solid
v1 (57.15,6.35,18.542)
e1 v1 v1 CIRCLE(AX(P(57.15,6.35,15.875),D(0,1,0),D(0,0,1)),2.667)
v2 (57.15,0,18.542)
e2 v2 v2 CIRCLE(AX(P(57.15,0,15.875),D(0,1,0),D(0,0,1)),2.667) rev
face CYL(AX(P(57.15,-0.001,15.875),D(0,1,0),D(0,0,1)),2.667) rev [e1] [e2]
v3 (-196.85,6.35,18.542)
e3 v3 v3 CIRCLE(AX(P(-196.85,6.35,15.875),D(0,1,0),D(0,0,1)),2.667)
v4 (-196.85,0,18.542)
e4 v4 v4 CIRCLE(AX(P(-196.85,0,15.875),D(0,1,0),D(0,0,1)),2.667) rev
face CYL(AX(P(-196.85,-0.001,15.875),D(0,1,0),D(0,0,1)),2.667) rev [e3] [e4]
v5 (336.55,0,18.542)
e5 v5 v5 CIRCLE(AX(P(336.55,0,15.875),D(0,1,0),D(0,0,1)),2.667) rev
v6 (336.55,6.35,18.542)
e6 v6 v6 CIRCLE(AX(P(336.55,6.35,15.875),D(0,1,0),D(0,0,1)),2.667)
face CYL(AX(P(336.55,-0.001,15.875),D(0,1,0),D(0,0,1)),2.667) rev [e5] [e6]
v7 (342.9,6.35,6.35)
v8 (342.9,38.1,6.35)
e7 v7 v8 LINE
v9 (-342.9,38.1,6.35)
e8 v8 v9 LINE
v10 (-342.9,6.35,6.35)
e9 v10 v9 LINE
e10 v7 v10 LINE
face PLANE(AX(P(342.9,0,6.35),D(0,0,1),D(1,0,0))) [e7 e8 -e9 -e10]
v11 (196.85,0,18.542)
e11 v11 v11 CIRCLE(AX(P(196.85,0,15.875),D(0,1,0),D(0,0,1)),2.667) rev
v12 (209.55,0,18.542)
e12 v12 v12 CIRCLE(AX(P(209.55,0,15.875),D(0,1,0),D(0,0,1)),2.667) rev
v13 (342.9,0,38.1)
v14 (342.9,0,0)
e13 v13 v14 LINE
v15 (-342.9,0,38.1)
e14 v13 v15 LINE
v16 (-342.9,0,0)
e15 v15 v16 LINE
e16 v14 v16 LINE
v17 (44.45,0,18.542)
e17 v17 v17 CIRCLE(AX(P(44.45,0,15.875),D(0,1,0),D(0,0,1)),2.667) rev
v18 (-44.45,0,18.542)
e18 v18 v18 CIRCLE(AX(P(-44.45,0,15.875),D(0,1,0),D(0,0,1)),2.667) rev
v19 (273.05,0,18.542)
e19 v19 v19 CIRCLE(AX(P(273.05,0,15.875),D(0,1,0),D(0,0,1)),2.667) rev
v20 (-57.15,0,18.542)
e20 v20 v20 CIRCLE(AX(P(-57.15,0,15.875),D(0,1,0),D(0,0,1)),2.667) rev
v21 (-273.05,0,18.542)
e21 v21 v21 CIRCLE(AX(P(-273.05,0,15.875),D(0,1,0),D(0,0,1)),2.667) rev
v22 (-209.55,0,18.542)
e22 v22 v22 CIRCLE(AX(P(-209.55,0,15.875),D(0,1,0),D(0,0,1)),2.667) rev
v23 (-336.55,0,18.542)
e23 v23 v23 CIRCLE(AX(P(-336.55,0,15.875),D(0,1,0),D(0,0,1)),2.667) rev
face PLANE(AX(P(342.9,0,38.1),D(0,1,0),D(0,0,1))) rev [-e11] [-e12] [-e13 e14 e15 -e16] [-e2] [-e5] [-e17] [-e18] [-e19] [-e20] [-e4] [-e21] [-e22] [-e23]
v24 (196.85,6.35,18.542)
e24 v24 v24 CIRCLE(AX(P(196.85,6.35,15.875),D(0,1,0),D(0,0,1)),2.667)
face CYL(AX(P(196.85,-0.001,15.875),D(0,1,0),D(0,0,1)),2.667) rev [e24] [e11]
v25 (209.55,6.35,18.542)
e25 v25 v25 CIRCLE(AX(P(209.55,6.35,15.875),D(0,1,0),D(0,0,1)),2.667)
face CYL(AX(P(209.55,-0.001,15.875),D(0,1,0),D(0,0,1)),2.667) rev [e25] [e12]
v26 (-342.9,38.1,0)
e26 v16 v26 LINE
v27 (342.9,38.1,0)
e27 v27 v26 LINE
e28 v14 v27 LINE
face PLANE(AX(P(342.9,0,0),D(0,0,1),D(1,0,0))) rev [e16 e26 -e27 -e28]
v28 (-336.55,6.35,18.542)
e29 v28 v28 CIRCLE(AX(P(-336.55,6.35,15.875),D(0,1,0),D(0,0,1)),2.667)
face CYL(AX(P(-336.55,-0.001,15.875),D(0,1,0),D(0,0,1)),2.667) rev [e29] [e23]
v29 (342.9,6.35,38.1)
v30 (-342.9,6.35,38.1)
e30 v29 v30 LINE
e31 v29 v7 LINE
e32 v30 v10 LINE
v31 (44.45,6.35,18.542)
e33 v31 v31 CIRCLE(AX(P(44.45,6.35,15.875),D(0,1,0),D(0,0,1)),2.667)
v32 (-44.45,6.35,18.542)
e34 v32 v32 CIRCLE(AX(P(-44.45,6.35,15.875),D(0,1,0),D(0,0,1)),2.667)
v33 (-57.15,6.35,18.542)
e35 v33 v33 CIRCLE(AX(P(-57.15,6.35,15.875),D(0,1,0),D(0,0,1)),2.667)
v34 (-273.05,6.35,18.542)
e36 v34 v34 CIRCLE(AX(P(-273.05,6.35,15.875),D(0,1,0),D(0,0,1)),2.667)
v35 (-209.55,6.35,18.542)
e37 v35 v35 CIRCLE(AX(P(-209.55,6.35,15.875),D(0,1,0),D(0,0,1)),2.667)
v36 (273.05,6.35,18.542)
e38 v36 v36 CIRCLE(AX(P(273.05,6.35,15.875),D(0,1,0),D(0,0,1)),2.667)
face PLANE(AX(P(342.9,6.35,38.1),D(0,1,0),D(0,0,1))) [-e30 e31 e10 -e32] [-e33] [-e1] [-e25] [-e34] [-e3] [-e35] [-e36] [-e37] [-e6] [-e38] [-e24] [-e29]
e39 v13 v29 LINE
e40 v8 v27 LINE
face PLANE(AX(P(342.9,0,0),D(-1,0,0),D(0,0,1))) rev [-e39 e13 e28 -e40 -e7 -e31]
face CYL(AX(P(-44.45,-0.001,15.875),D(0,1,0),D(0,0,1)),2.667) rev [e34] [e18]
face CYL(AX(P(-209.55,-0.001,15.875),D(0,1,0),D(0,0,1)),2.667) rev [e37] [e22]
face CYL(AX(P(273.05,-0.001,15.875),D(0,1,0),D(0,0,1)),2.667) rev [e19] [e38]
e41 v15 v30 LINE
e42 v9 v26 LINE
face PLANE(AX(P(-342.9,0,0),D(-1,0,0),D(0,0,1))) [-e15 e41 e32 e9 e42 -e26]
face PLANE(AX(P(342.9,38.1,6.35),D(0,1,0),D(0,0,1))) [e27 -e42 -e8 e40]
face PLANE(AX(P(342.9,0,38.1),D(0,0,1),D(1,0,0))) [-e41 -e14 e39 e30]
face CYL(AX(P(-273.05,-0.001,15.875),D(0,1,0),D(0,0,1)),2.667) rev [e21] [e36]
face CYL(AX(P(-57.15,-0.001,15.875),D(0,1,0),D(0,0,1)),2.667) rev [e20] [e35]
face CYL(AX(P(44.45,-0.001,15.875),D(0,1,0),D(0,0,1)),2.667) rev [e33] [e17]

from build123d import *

# Parameters (mm, degrees)
EXTRUDE_THIN1_DEPTH = 342.9
CUT_EXTRUDE4_REACH  = 348.468
SKETCH2_R           = 2.667


with BuildPart() as part:
    # Sketch1 → Extrude-Thin1 (new, symmetric)
    with BuildSketch(Plane(origin=(0, 0, 0), x_dir=(0, 0, -1), z_dir=(1, 0, 0))):
        Polygon((-38.1, 0), (0, 0), (0, 38.1), (-6.35, 38.1), (-6.35, 6.35), (-38.1, 6.35), align=None)
    extrude(amount=EXTRUDE_THIN1_DEPTH, both=True)

    # Sketch2 → Cut-Extrude4 (cut, up to next)
    with BuildSketch(Plane(origin=(0, 6.35, 0), x_dir=(1, 0, 0), z_dir=(0, 1, 0)), mode=Mode.PRIVATE) as cut_extrude4_sk1:
        with Locations(Location((-336.55, -15.875, 0), (0, 0, 270))):
            Circle(SKETCH2_R)
    cut_extrude4_tool1 = extrude(cut_extrude4_sk1.sketch, amount=-CUT_EXTRUDE4_REACH, mode=Mode.PRIVATE) & part.part
    # Sketch2 → Cut-Extrude4 (cut, up to next)
    with BuildSketch(Plane(origin=(0, 6.35, 0), x_dir=(1, 0, 0), z_dir=(0, 1, 0)), mode=Mode.PRIVATE) as cut_extrude4_sk2:
        with Locations(Location((-273.05, -15.875, 0), (0, 0, 270))):
            Circle(SKETCH2_R)
    cut_extrude4_tool2 = extrude(cut_extrude4_sk2.sketch, amount=-CUT_EXTRUDE4_REACH, mode=Mode.PRIVATE) & part.part
    # Sketch2 → Cut-Extrude4 (cut, up to next)
    with BuildSketch(Plane(origin=(0, 6.35, 0), x_dir=(1, 0, 0), z_dir=(0, 1, 0)), mode=Mode.PRIVATE) as cut_extrude4_sk3:
        with Locations(Location((-209.55, -15.875, 0), (0, 0, 270))):
            Circle(SKETCH2_R)
    cut_extrude4_tool3 = extrude(cut_extrude4_sk3.sketch, amount=-CUT_EXTRUDE4_REACH, mode=Mode.PRIVATE) & part.part
    # Sketch2 → Cut-Extrude4 (cut, up to next)
    with BuildSketch(Plane(origin=(0, 6.35, 0), x_dir=(1, 0, 0), z_dir=(0, 1, 0)), mode=Mode.PRIVATE) as cut_extrude4_sk4:
        with Locations(Location((-196.85, -15.875, 0), (0, 0, 270))):
            Circle(SKETCH2_R)
    cut_extrude4_tool4 = extrude(cut_extrude4_sk4.sketch, amount=-CUT_EXTRUDE4_REACH, mode=Mode.PRIVATE) & part.part
    # Sketch2 → Cut-Extrude4 (cut, up to next)
    with BuildSketch(Plane(origin=(0, 6.35, 0), x_dir=(1, 0, 0), z_dir=(0, 1, 0)), mode=Mode.PRIVATE) as cut_extrude4_sk5:
        with Locations(Location((-57.15, -15.875, 0), (0, 0, 270))):
            Circle(SKETCH2_R)
    cut_extrude4_tool5 = extrude(cut_extrude4_sk5.sketch, amount=-CUT_EXTRUDE4_REACH, mode=Mode.PRIVATE) & part.part
    # Sketch2 → Cut-Extrude4 (cut, up to next)
    with BuildSketch(Plane(origin=(0, 6.35, 0), x_dir=(1, 0, 0), z_dir=(0, 1, 0)), mode=Mode.PRIVATE) as cut_extrude4_sk6:
        with Locations(Location((-44.45, -15.875, 0), (0, 0, 270))):
            Circle(SKETCH2_R)
    cut_extrude4_tool6 = extrude(cut_extrude4_sk6.sketch, amount=-CUT_EXTRUDE4_REACH, mode=Mode.PRIVATE) & part.part
    # Sketch2 → Cut-Extrude4 (cut, up to next)
    with BuildSketch(Plane(origin=(0, 6.35, 0), x_dir=(1, 0, 0), z_dir=(0, 1, 0)), mode=Mode.PRIVATE) as cut_extrude4_sk7:
        with Locations(Location((44.45, -15.875, 0), (0, 0, 270))):
            Circle(SKETCH2_R)
    cut_extrude4_tool7 = extrude(cut_extrude4_sk7.sketch, amount=-CUT_EXTRUDE4_REACH, mode=Mode.PRIVATE) & part.part
    # Sketch2 → Cut-Extrude4 (cut, up to next)
    with BuildSketch(Plane(origin=(0, 6.35, 0), x_dir=(1, 0, 0), z_dir=(0, 1, 0)), mode=Mode.PRIVATE) as cut_extrude4_sk8:
        with Locations(Location((57.15, -15.875, 0), (0, 0, 270))):
            Circle(SKETCH2_R)
    cut_extrude4_tool8 = extrude(cut_extrude4_sk8.sketch, amount=-CUT_EXTRUDE4_REACH, mode=Mode.PRIVATE) & part.part
    # Sketch2 → Cut-Extrude4 (cut, up to next)
    with BuildSketch(Plane(origin=(0, 6.35, 0), x_dir=(1, 0, 0), z_dir=(0, 1, 0)), mode=Mode.PRIVATE) as cut_extrude4_sk9:
        with Locations(Location((196.85, -15.875, 0), (0, 0, 270))):
            Circle(SKETCH2_R)
    cut_extrude4_tool9 = extrude(cut_extrude4_sk9.sketch, amount=-CUT_EXTRUDE4_REACH, mode=Mode.PRIVATE) & part.part
    # Sketch2 → Cut-Extrude4 (cut, up to next)
    with BuildSketch(Plane(origin=(0, 6.35, 0), x_dir=(1, 0, 0), z_dir=(0, 1, 0)), mode=Mode.PRIVATE) as cut_extrude4_sk10:
        with Locations(Location((209.55, -15.875, 0), (0, 0, 270))):
            Circle(SKETCH2_R)
    cut_extrude4_tool10 = extrude(cut_extrude4_sk10.sketch, amount=-CUT_EXTRUDE4_REACH, mode=Mode.PRIVATE) & part.part
    # Sketch2 → Cut-Extrude4 (cut, up to next)
    with BuildSketch(Plane(origin=(0, 6.35, 0), x_dir=(1, 0, 0), z_dir=(0, 1, 0)), mode=Mode.PRIVATE) as cut_extrude4_sk11:
        with Locations(Location((336.55, -15.875, 0), (0, 0, 270))):
            Circle(SKETCH2_R)
    cut_extrude4_tool11 = extrude(cut_extrude4_sk11.sketch, amount=-CUT_EXTRUDE4_REACH, mode=Mode.PRIVATE) & part.part
    # Sketch2 → Cut-Extrude4 (cut, up to next)
    with BuildSketch(Plane(origin=(0, 6.35, 0), x_dir=(1, 0, 0), z_dir=(0, 1, 0)), mode=Mode.PRIVATE) as cut_extrude4_sk12:
        with Locations(Location((273.05, -15.875, 0), (0, 0, 270))):
            Circle(SKETCH2_R)
    cut_extrude4_tool12 = extrude(cut_extrude4_sk12.sketch, amount=-CUT_EXTRUDE4_REACH, mode=Mode.PRIVATE) & part.part
    add(cut_extrude4_tool1.solids().sort_by_distance((-336.55, 6.35, 15.875))[0], mode=Mode.SUBTRACT)
    add(cut_extrude4_tool2.solids().sort_by_distance((-273.05, 6.35, 15.875))[0], mode=Mode.SUBTRACT)
    add(cut_extrude4_tool3.solids().sort_by_distance((-209.55, 6.35, 15.875))[0], mode=Mode.SUBTRACT)
    add(cut_extrude4_tool4.solids().sort_by_distance((-196.85, 6.35, 15.875))[0], mode=Mode.SUBTRACT)
    add(cut_extrude4_tool5.solids().sort_by_distance((-57.15, 6.35, 15.875))[0], mode=Mode.SUBTRACT)
    add(cut_extrude4_tool6.solids().sort_by_distance((-44.45, 6.35, 15.875))[0], mode=Mode.SUBTRACT)
    add(cut_extrude4_tool7.solids().sort_by_distance((44.45, 6.35, 15.875))[0], mode=Mode.SUBTRACT)
    add(cut_extrude4_tool8.solids().sort_by_distance((57.15, 6.35, 15.875))[0], mode=Mode.SUBTRACT)
    add(cut_extrude4_tool9.solids().sort_by_distance((196.85, 6.35, 15.875))[0], mode=Mode.SUBTRACT)
    add(cut_extrude4_tool10.solids().sort_by_distance((209.55, 6.35, 15.875))[0], mode=Mode.SUBTRACT)
    add(cut_extrude4_tool11.solids().sort_by_distance((336.55, 6.35, 15.875))[0], mode=Mode.SUBTRACT)
    add(cut_extrude4_tool12.solids().sort_by_distance((273.05, 6.35, 15.875))[0], mode=Mode.SUBTRACT)


solid = part.part
